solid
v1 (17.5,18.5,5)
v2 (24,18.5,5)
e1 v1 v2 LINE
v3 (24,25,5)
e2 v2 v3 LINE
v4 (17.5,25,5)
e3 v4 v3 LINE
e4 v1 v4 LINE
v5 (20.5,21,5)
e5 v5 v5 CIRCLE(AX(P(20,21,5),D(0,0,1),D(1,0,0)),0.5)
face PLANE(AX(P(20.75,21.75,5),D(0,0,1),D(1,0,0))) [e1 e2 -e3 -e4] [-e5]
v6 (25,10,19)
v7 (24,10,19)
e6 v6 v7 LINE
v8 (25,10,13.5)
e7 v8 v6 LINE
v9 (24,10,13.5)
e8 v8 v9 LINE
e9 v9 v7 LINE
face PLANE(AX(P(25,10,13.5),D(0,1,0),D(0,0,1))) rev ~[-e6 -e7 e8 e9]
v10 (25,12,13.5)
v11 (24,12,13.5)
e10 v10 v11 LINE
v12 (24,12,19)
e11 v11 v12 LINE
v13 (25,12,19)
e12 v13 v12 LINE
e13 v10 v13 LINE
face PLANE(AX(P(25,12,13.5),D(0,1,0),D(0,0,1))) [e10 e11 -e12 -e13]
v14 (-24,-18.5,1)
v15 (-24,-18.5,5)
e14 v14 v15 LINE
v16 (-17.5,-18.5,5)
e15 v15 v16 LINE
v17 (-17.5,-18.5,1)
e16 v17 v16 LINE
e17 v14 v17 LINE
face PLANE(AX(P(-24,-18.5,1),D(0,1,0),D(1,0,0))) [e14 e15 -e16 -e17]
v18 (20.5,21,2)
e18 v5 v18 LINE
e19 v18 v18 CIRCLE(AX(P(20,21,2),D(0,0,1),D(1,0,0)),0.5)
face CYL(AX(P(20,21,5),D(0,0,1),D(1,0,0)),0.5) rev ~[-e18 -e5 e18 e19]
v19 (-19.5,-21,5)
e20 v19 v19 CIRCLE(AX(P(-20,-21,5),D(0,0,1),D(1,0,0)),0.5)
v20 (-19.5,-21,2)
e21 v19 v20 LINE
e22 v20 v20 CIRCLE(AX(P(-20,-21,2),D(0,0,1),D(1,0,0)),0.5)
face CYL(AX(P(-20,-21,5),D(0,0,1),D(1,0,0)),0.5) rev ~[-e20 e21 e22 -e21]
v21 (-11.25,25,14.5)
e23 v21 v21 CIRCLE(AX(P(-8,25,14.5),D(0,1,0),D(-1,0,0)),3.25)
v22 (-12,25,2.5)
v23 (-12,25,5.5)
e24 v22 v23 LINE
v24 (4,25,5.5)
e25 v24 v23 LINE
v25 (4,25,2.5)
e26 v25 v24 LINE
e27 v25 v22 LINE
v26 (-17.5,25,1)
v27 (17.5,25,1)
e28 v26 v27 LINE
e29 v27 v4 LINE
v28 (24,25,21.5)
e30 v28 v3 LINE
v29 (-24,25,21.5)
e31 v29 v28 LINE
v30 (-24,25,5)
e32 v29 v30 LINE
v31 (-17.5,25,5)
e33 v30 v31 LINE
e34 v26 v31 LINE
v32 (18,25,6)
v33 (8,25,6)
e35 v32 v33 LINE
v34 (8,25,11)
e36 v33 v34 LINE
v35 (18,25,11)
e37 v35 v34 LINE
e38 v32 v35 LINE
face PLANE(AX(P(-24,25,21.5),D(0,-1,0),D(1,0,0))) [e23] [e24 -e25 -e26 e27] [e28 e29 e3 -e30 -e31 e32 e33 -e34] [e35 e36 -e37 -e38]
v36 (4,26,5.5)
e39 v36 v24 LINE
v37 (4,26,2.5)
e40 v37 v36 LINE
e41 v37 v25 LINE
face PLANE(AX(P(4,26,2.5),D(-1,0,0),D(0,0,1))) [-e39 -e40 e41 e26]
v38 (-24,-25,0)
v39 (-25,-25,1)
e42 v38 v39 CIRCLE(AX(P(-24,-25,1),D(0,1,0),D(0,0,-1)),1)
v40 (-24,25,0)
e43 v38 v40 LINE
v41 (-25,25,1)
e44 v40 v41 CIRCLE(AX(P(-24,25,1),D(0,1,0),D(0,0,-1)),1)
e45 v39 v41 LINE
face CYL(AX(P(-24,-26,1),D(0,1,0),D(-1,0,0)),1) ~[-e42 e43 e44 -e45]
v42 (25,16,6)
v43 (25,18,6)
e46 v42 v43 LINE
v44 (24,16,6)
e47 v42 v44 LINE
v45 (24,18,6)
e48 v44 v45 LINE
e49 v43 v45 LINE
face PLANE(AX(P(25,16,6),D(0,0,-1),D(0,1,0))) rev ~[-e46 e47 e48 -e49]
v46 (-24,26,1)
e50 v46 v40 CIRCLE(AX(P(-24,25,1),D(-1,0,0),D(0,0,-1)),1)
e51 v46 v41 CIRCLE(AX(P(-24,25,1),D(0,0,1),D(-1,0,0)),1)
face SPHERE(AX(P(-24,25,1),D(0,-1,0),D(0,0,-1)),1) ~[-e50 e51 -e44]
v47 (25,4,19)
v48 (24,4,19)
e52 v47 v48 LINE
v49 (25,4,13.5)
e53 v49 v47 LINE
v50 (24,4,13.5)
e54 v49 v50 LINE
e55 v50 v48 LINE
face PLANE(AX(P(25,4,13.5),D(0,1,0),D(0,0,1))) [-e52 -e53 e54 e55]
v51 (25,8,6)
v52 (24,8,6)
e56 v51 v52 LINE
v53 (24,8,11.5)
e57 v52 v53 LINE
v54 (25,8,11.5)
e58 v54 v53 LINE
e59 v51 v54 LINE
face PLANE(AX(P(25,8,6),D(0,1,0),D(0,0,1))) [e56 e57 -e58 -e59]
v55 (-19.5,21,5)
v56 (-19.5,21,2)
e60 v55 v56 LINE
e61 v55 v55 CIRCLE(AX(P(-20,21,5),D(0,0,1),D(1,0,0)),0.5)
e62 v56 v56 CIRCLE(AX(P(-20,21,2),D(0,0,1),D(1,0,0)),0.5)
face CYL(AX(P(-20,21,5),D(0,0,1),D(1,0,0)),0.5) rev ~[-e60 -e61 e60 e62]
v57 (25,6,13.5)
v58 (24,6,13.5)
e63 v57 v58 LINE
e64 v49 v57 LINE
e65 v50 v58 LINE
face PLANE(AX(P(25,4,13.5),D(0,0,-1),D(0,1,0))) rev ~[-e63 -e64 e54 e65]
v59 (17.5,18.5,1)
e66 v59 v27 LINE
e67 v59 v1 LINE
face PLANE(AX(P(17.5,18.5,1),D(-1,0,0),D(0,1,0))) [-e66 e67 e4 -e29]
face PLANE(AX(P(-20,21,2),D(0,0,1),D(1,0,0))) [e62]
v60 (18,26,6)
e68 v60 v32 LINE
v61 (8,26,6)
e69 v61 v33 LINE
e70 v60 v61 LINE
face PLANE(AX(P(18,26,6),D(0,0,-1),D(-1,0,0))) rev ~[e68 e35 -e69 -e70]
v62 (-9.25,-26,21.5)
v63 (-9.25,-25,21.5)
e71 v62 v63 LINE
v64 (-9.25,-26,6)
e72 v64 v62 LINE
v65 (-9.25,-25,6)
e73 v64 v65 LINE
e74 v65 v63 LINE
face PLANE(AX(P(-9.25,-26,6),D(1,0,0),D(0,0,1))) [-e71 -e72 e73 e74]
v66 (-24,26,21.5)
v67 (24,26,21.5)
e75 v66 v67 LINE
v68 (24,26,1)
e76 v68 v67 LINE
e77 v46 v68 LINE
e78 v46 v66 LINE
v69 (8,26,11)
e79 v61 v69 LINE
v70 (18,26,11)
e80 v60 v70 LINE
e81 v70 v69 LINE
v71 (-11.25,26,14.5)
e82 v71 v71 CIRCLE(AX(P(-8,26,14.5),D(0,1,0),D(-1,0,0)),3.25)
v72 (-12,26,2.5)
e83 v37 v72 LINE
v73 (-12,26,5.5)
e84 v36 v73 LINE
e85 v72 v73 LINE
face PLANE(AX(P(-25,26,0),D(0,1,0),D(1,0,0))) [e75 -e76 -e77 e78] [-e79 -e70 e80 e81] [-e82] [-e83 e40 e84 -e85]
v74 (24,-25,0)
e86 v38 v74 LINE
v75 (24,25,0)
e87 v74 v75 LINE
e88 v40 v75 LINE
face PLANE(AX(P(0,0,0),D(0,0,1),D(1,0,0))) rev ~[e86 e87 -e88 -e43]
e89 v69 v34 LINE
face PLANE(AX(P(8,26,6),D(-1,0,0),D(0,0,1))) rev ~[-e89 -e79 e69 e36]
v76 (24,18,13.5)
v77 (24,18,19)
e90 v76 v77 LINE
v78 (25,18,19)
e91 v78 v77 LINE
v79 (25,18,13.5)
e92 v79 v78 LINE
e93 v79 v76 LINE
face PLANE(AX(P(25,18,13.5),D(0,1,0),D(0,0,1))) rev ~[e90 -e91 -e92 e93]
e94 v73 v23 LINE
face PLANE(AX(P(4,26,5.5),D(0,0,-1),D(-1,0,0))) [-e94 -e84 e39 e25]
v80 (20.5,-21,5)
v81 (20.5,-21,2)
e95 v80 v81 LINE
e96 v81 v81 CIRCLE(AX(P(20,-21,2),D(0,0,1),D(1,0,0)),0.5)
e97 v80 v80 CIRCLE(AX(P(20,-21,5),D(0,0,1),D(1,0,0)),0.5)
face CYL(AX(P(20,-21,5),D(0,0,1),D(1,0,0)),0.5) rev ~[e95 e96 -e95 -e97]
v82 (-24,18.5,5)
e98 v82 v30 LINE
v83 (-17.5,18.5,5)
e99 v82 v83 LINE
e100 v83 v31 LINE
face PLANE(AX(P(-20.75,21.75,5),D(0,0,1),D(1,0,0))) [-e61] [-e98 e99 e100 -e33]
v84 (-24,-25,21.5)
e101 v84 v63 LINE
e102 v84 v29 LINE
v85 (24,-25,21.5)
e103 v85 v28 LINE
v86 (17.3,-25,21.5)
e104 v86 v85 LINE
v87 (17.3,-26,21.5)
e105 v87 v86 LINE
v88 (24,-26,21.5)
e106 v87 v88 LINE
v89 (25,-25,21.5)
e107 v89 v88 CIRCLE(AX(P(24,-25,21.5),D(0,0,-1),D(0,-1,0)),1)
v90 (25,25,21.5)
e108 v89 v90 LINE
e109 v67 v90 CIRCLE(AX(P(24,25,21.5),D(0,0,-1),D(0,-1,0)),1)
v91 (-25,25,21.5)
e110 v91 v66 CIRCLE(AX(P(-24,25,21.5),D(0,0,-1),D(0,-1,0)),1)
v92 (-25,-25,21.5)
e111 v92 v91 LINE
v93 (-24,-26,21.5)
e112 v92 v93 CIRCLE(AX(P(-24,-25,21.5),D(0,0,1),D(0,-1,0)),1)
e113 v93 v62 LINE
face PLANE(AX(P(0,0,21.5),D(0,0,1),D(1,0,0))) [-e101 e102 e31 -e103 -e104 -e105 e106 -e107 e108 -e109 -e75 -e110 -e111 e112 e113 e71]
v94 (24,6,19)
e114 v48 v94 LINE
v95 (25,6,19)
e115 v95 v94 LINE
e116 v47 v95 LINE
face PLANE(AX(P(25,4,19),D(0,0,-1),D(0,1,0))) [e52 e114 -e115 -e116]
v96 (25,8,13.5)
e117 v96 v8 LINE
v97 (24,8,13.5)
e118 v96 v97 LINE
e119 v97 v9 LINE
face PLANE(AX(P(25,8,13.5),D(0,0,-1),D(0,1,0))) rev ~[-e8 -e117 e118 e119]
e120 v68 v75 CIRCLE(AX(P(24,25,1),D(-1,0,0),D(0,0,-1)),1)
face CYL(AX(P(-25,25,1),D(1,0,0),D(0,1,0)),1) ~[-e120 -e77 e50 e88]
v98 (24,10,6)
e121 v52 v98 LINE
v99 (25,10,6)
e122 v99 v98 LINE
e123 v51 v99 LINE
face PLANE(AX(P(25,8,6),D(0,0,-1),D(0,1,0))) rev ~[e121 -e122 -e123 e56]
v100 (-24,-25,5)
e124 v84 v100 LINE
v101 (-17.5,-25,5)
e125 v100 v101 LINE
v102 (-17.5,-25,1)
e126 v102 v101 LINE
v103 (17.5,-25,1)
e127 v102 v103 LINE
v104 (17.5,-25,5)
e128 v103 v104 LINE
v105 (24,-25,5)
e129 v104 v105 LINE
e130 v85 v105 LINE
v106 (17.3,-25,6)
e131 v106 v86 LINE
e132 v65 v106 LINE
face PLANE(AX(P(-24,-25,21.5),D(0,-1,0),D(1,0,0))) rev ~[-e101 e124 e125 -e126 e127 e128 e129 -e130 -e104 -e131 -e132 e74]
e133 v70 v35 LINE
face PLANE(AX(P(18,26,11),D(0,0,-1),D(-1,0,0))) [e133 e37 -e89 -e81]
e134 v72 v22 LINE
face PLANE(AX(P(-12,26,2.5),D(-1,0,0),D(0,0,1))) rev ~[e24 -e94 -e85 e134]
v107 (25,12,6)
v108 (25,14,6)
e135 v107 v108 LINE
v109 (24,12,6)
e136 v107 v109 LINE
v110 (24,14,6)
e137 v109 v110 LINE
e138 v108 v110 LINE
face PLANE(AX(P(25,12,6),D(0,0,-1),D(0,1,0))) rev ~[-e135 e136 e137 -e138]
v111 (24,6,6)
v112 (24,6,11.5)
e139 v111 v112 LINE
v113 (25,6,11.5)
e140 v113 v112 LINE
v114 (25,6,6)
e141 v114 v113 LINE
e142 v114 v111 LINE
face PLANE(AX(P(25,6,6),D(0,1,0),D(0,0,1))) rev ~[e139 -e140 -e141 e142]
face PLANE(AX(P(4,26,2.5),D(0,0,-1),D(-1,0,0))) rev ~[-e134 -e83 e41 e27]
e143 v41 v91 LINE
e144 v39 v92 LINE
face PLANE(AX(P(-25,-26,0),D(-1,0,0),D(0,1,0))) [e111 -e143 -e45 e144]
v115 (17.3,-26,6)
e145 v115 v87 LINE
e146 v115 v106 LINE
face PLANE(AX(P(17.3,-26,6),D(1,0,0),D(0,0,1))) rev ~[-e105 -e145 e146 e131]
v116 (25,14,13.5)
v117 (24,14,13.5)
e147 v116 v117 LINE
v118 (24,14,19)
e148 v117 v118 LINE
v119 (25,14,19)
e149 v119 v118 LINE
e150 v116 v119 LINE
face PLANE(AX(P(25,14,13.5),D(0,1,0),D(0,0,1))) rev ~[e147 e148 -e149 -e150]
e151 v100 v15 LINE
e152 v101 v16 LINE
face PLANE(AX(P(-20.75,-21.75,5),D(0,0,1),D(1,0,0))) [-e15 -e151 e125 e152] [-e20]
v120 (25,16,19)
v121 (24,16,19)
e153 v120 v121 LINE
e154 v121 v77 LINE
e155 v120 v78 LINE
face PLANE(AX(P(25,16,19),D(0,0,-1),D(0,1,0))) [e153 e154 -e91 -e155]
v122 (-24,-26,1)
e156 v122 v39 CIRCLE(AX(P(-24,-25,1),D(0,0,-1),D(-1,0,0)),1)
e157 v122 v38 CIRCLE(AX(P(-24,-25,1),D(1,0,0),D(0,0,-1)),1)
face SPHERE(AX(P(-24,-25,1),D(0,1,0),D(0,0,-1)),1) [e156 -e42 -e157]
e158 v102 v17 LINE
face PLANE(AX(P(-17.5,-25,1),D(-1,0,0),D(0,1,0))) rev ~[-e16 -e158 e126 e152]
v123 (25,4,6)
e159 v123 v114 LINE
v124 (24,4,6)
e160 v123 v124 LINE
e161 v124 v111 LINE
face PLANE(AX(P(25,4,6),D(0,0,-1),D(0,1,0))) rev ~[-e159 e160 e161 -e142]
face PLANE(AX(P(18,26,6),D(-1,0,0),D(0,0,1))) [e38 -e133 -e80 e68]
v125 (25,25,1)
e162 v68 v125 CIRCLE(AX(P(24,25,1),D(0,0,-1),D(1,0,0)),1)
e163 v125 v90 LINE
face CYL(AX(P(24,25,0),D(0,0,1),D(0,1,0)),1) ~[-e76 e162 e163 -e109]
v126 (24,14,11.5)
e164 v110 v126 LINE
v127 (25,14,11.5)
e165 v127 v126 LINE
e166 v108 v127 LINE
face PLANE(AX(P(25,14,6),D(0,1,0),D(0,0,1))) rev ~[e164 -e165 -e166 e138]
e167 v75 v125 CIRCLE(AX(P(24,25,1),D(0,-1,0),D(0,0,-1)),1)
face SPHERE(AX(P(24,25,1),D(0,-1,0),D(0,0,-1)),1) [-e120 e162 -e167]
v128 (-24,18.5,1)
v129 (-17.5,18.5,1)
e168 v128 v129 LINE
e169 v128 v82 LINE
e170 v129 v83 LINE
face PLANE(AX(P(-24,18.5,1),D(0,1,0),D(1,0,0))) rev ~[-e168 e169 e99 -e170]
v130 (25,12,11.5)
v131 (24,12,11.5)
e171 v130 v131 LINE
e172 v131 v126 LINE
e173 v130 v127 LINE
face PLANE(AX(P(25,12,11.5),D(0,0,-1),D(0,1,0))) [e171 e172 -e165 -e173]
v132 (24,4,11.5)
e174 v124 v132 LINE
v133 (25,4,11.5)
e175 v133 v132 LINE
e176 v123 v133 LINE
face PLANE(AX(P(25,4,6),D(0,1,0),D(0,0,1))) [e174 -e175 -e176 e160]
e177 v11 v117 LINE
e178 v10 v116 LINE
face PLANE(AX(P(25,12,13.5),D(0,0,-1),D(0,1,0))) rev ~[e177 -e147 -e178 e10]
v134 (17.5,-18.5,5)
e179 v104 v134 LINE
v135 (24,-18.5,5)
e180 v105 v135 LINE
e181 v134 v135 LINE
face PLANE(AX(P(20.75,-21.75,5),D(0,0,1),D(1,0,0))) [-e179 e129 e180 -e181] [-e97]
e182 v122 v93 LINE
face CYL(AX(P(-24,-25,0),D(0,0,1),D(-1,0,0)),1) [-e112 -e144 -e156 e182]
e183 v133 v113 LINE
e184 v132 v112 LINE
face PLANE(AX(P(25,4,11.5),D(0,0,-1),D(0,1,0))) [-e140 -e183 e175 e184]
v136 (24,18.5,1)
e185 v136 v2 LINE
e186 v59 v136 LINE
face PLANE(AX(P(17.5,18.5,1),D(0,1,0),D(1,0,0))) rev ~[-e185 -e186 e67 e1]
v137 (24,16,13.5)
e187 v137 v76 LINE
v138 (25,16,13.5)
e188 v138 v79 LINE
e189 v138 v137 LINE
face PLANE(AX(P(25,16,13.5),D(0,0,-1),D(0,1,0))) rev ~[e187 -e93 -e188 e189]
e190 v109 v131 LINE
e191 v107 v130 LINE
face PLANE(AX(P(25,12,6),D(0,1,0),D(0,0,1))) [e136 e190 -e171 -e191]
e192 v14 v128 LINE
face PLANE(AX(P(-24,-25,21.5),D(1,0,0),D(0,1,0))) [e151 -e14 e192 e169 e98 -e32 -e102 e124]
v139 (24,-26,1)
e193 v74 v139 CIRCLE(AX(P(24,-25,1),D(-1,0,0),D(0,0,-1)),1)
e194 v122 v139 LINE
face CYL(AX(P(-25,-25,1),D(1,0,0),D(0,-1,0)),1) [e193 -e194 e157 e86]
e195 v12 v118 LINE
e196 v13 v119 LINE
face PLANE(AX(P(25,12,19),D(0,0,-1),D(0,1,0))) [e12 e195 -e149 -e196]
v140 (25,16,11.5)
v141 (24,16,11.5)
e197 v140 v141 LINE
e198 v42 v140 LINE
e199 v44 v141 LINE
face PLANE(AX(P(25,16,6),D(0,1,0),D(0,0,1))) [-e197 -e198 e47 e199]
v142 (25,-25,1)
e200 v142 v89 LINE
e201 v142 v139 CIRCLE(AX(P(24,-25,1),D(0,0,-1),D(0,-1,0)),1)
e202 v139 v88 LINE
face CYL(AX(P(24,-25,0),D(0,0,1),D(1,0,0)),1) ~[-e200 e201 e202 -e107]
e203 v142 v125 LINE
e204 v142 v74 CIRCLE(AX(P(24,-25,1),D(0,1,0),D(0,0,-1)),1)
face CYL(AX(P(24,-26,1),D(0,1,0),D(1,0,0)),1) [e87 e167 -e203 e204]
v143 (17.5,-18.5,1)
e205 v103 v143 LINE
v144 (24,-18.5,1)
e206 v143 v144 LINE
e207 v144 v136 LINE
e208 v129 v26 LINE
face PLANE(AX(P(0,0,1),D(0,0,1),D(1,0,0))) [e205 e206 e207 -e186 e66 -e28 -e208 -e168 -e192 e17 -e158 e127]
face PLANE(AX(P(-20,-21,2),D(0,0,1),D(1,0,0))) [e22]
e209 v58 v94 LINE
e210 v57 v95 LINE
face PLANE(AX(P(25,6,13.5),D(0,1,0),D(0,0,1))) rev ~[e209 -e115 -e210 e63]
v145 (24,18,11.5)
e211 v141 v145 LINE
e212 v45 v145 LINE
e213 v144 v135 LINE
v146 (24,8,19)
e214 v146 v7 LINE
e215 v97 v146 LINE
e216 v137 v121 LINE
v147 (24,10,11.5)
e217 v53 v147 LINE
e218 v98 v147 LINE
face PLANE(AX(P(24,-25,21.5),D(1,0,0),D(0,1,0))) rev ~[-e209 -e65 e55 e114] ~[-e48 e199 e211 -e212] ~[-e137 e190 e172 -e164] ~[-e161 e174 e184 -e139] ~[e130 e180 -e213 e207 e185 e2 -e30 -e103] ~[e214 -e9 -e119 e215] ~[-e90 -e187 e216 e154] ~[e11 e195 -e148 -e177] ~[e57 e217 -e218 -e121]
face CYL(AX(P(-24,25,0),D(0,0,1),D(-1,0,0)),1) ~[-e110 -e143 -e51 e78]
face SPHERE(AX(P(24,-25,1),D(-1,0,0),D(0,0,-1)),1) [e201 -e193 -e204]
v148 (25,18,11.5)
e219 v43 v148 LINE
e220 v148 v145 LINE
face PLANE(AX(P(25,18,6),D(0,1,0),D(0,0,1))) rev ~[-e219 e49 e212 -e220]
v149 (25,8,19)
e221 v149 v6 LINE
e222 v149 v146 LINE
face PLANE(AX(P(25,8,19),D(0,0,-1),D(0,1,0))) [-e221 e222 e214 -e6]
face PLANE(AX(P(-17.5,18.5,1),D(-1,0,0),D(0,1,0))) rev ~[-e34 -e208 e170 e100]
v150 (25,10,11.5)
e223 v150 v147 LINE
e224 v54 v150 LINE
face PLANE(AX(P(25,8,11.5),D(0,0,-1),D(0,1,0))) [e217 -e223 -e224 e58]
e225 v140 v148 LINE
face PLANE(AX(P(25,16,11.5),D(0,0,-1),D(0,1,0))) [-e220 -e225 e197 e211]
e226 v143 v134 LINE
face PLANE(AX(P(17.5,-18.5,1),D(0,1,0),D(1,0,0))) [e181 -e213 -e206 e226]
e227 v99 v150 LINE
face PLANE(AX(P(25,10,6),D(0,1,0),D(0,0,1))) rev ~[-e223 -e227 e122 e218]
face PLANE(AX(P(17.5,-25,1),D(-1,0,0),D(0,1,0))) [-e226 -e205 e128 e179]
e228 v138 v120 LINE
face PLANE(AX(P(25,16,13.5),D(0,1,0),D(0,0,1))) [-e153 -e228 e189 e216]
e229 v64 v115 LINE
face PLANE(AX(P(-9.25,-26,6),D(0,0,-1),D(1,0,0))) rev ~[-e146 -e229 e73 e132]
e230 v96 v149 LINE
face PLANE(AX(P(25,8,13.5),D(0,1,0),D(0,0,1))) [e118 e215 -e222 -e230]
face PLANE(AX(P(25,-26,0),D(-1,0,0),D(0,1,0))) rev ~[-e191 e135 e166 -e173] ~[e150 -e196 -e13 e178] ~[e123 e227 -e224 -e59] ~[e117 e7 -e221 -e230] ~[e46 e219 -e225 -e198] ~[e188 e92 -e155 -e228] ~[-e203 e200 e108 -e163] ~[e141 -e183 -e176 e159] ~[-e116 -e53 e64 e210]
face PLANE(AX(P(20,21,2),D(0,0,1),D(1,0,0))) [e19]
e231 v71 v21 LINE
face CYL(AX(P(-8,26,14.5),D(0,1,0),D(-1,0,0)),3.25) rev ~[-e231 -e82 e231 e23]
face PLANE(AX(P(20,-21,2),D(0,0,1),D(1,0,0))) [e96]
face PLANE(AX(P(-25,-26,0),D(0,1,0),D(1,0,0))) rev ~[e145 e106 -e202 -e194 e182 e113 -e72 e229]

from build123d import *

# Parameters (mm, degrees)
SKETCH_W        = 50
SKETCH_H        = 52
PAD_DEPTH       = 21.5
SKETCH001_W     = 48
SKETCH001_H     = 50
POCKET_DEPTH    = 20.5
SKETCH002_W     = 6.5
SKETCH002_H     = 6.5
PAD001_DEPTH    = 4
SKETCH003_R     = 0.5
POCKET001_DEPTH = 3
SKETCH004_W     = 26.55
SKETCH004_H     = 15.5
POCKET002_DEPTH = 1
SKETCH005_W     = 10
SKETCH005_H     = 5
SKETCH005_W_2   = 16
SKETCH005_H_2   = 3
POCKET003_DEPTH = 1
SKETCH006_W     = 2
SKETCH006_H     = 5.5
POCKET004_DEPTH = 1
FILLET_R        = 1
SKETCH007_R     = 3.25
POCKET005_DEPTH = 1


with BuildPart() as part:
    # Sketch → Pad (new body)
    with BuildSketch(Plane.XY):
        Rectangle(SKETCH_W, SKETCH_H)
    extrude(amount=PAD_DEPTH)

    # Sketch001 (on Face6 of Pad) → Pocket (cut)
    with BuildSketch(Plane.XY.offset(21.5)):
        Rectangle(SKETCH001_W, SKETCH001_H)
    extrude(amount=-POCKET_DEPTH, mode=Mode.SUBTRACT)

    # Sketch002 (on Face11 of Pocket) → Pad001 (join)
    with BuildSketch(Plane.XY.offset(1)):
        with Locations((-20.75, 21.75)):
            Rectangle(SKETCH002_W, SKETCH002_H)
        with Locations((20.75, 21.75)):
            Rectangle(SKETCH002_W, SKETCH002_H)
        with Locations((-20.75, -21.75)):
            Rectangle(SKETCH002_W, SKETCH002_H)
        with Locations((20.75, -21.75)):
            Rectangle(SKETCH002_W, SKETCH002_H)
    extrude(amount=PAD001_DEPTH)

    # Sketch003 (on DatumPlane) → Pocket001 (cut)
    with BuildSketch(Plane.XY.offset(5)):
        with Locations((-20, 21)):
            Circle(SKETCH003_R)
        with Locations((20, 21)):
            Circle(SKETCH003_R)
        with Locations((-20, -21)):
            Circle(SKETCH003_R)
        with Locations((20, -21)):
            Circle(SKETCH003_R)
    extrude(amount=-POCKET001_DEPTH, mode=Mode.SUBTRACT)

    # Sketch004 (on Face6 of Pocket001) → Pocket002 (cut)
    with BuildSketch(Plane.XZ.offset(26)):
        with Locations((4.025, 13.75)):
            Rectangle(SKETCH004_W, SKETCH004_H)
    extrude(amount=-POCKET002_DEPTH, mode=Mode.SUBTRACT)

    # Sketch005 (on Face1 of Pocket002) → Pocket003 (cut)
    with BuildSketch(Plane(origin=(0, 26, 0), x_dir=(-1, 0, 0), z_dir=(0, 1, 0))):
        with Locations((-13, 8.5)):
            Rectangle(SKETCH005_W, SKETCH005_H)
        with Locations((4, 4)):
            Rectangle(SKETCH005_W_2, SKETCH005_H_2)
    extrude(amount=-POCKET003_DEPTH, mode=Mode.SUBTRACT)

    # Sketch006 → Pocket004 (cut)
    with BuildSketch(Plane.YZ.offset(25)):
        with Locations((17, 16.25)):
            Rectangle(SKETCH006_W, SKETCH006_H)
        with Locations((13, 16.25)):
            Rectangle(SKETCH006_W, SKETCH006_H)
        with Locations((9, 16.25)):
            Rectangle(SKETCH006_W, SKETCH006_H)
        with Locations((5, 16.25)):
            Rectangle(SKETCH006_W, SKETCH006_H)
        with Locations((5, 8.75)):
            Rectangle(SKETCH006_W, SKETCH006_H)
        with Locations((9, 8.75)):
            Rectangle(SKETCH006_W, SKETCH006_H)
        with Locations((13, 8.75)):
            Rectangle(SKETCH006_W, SKETCH006_H)
        with Locations((17, 8.75)):
            Rectangle(SKETCH006_W, SKETCH006_H)
    extrude(amount=-POCKET004_DEPTH, mode=Mode.SUBTRACT)

    # Fillet
    fillet_edges = [part.edges().sort_by_distance(p)[0] for p in [
        (-25, 0, 0),
        (0, -26, 0),
        (25, 0, 0),
        (0, 26, 0),
        (25, 26, 10.75),
        (25, -26, 10.75),
        (-25, -26, 10.75),
        (-25, 26, 10.75),
    ]]
    fillet(fillet_edges, radius=FILLET_R)

    # Sketch007 (on Face1 of Fillet) → Pocket005 (cut)
    with BuildSketch(Plane(origin=(0, 26, 0), x_dir=(-1, 0, 0), z_dir=(0, 1, 0))):
        with Locations((8, 14.5)):
            Circle(SKETCH007_R)
    extrude(amount=-POCKET005_DEPTH, mode=Mode.SUBTRACT)


solid = part.part
